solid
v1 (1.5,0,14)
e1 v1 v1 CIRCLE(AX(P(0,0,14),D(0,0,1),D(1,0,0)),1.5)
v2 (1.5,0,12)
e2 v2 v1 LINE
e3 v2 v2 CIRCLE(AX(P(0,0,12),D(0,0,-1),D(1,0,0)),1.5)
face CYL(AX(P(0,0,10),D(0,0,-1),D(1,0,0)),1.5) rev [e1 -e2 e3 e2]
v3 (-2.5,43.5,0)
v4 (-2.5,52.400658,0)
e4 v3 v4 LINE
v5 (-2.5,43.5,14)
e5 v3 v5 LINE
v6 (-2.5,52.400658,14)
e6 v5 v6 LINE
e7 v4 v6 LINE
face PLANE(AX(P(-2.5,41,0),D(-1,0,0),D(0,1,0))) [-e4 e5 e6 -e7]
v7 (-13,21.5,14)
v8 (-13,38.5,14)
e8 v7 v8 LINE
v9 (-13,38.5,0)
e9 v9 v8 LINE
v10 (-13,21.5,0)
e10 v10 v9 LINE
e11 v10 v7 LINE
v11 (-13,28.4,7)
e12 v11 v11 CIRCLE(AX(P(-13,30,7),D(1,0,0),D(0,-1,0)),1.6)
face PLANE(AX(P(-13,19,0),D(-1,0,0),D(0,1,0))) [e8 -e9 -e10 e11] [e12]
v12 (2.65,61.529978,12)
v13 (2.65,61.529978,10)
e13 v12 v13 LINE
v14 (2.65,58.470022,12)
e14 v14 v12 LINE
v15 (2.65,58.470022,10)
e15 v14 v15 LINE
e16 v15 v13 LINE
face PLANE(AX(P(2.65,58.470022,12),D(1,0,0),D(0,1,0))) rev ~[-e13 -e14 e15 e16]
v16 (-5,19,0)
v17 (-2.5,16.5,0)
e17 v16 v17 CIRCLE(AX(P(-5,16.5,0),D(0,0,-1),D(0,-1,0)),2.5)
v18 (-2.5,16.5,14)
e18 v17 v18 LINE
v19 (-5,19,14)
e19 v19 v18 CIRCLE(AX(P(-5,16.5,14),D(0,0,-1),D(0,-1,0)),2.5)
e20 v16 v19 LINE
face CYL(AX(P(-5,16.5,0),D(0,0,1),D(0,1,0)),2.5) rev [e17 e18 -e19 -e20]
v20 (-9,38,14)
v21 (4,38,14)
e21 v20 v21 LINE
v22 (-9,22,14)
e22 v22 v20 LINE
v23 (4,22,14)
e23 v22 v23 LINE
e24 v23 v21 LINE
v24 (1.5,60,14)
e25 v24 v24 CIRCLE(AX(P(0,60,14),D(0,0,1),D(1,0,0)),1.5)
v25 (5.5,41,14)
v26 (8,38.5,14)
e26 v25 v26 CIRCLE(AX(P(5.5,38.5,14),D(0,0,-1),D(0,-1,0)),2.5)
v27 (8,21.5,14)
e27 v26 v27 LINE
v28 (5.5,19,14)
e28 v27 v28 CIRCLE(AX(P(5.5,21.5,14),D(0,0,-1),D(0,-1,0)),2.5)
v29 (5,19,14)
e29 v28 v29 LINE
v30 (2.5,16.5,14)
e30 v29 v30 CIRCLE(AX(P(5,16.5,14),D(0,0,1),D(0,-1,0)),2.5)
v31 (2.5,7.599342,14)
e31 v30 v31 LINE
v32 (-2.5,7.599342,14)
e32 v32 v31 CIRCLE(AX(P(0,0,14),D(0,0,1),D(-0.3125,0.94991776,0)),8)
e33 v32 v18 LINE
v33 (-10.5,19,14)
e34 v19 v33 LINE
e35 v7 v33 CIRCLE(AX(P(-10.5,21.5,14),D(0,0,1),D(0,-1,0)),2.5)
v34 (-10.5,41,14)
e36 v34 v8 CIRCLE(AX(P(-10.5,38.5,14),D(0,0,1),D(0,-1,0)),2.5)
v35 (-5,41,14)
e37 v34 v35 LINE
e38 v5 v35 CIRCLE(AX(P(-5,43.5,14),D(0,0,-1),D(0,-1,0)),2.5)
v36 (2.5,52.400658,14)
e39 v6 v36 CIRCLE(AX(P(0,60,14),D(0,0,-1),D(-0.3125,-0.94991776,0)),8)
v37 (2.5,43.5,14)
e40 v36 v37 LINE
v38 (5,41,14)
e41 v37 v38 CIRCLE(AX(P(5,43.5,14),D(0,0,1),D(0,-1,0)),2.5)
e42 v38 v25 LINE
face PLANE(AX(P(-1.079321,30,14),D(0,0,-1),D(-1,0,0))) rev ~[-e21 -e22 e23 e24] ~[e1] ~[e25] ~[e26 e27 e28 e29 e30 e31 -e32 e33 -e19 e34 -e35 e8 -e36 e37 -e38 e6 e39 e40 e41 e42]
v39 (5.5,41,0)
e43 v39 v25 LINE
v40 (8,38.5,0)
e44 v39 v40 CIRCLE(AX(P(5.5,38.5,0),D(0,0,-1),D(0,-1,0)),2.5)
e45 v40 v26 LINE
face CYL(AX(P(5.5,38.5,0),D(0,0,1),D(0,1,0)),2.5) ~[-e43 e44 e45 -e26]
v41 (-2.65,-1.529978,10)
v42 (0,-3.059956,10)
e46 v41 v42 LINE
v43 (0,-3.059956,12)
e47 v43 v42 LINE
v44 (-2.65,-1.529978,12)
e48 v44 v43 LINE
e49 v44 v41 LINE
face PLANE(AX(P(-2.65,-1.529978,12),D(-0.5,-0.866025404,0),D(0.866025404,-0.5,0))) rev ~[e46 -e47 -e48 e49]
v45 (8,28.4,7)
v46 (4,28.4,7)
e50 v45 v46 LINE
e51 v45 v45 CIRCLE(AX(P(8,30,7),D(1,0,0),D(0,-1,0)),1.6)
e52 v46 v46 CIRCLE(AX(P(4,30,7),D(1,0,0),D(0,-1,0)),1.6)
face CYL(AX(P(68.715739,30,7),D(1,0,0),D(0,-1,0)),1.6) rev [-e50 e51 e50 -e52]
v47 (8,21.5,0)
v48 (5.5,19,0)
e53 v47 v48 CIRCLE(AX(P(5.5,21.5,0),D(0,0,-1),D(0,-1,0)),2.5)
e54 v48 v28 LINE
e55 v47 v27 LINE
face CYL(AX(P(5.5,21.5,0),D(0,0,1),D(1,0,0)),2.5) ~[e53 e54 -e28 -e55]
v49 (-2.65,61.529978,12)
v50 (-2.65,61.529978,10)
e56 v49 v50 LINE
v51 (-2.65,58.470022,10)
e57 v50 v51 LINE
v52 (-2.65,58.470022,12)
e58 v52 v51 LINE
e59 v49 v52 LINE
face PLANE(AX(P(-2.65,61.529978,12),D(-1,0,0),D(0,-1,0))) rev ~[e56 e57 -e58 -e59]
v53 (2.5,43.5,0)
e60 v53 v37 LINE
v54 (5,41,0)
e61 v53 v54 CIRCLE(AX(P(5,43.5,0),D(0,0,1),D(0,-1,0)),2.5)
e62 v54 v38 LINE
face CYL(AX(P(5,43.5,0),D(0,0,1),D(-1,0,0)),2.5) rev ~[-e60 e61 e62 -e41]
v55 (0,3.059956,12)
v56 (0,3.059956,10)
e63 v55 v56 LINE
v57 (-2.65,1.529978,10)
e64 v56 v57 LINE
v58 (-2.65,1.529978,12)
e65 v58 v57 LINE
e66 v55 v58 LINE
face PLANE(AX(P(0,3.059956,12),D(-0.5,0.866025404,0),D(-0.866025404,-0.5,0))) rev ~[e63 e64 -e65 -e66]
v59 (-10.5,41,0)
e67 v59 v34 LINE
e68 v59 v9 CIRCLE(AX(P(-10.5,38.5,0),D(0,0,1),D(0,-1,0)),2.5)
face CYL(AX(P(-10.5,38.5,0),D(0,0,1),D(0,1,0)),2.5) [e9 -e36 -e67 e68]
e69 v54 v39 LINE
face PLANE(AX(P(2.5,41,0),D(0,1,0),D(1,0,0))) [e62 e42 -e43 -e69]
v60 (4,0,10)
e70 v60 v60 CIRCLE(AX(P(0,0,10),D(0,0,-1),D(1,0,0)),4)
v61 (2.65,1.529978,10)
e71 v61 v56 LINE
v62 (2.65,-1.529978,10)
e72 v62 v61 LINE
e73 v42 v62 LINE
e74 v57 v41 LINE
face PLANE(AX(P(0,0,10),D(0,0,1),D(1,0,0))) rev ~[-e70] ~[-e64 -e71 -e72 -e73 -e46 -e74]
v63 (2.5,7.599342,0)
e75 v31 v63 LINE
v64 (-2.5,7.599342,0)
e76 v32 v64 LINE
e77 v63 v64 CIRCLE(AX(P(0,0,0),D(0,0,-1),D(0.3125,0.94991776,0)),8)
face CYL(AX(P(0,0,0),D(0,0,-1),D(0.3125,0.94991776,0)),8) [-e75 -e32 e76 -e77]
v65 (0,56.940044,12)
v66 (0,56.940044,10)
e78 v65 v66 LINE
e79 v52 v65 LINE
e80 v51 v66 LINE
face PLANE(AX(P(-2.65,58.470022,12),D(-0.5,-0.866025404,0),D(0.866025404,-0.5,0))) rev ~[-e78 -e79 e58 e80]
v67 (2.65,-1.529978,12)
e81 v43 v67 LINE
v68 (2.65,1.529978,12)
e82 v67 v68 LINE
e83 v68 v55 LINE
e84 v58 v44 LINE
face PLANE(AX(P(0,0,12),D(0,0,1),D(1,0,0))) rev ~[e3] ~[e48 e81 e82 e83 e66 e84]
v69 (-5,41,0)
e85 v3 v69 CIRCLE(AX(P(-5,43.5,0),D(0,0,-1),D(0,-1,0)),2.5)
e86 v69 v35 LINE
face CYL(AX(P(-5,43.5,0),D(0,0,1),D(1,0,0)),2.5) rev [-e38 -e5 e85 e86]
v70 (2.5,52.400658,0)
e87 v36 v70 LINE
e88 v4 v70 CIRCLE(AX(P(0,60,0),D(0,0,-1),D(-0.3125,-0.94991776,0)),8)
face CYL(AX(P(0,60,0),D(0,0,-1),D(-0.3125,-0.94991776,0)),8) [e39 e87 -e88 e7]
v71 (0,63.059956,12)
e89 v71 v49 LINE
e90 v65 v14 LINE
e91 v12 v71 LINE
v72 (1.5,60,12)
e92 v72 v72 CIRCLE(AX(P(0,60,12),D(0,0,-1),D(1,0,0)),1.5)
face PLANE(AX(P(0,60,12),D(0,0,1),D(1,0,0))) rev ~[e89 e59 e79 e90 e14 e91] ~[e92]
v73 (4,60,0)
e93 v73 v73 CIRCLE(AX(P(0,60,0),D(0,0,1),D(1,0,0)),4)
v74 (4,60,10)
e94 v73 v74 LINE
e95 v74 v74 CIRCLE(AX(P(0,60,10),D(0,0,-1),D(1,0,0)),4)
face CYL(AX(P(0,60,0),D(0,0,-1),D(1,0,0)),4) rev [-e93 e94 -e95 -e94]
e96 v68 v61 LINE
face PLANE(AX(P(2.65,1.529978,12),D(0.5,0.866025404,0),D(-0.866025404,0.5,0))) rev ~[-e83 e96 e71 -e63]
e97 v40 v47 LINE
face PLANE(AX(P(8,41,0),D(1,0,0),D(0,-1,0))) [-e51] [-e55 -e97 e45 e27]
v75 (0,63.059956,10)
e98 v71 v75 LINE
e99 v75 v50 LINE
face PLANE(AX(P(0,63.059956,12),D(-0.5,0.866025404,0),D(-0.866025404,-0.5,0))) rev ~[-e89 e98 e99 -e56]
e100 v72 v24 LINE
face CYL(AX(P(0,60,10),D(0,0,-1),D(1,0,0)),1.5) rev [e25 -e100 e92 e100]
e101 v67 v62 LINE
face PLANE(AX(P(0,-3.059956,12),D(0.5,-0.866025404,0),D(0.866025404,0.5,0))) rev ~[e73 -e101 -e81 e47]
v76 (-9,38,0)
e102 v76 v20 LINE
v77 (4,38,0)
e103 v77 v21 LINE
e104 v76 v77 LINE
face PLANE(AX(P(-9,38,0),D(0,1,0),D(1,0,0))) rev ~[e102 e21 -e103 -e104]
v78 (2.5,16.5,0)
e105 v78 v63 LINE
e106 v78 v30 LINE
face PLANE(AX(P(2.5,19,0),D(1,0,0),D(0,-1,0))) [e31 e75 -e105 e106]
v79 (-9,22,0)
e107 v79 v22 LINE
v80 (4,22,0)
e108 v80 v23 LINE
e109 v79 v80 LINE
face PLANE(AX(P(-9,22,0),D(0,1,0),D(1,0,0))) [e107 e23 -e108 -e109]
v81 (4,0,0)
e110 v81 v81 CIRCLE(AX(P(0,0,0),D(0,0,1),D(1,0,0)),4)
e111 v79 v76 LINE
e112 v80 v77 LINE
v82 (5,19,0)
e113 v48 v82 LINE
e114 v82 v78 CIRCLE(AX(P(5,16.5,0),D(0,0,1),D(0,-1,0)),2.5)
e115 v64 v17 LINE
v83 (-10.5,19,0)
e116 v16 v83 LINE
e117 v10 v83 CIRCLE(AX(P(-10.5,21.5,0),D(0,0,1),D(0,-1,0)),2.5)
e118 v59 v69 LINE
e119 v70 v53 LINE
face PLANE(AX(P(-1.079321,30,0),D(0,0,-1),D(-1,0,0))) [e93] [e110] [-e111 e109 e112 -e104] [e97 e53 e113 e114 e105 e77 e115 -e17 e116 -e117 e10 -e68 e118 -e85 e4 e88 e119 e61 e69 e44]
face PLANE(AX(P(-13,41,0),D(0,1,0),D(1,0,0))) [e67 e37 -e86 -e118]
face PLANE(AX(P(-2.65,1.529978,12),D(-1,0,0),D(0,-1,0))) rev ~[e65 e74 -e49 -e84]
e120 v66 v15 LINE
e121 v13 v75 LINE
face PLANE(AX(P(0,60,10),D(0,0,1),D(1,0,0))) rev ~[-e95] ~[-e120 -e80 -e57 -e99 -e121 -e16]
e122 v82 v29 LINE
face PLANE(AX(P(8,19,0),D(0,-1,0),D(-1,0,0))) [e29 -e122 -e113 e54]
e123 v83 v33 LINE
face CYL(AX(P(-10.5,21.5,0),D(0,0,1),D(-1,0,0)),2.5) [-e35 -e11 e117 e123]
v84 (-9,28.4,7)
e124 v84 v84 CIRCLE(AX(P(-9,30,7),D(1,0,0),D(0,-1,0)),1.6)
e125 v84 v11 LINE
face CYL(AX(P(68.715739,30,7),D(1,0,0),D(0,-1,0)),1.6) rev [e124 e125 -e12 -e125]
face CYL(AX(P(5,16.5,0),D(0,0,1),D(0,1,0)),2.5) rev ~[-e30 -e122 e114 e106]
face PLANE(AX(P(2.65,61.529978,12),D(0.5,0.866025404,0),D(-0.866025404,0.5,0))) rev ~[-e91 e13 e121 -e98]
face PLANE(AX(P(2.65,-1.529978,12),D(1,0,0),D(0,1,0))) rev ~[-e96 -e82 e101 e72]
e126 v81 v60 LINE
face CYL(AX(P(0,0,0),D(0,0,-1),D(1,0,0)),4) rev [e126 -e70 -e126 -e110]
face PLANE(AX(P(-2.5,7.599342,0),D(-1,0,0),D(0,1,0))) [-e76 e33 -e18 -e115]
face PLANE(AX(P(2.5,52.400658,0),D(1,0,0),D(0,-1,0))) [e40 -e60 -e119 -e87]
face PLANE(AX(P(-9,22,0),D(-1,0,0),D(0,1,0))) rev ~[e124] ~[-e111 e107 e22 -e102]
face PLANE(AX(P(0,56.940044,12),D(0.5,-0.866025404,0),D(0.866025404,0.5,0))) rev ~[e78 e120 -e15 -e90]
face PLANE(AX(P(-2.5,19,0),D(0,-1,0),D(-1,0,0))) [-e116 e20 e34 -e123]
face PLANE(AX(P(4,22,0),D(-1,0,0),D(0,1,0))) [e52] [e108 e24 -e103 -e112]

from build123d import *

# Parameters (mm, degrees)
ESBO_O1_R                  = 4
ESBO_O1_W                  = 13
ESBO_O1_H                  = 16
RESSALTO_EXTRUS_O1_DEPTH   = 14
RESSALTO_EXTRUS_O2_START   = -4
ESBO_O3_R                  = 8
ESBO_O3_R_2                = 1.5
RESSALTO_EXTRUS_O2_DEPTH   = 4
CORTE_EXTRUS_O1_DEPTH      = 71.215738976
CORTE_EXTRUS_O1_DEPTH_BACK = 71.215738976
ESBO_O2_R                  = 1.6
CORTE_EXTRUS_O2_START      = 2
CORTE_EXTRUS_O2_DEPTH      = 2
FILETE1_R                  = 2.5


with BuildPart() as part:
    # Esboço1 → Ressalto-extrusão1 (new body)
    with BuildSketch(Plane.XY):
        with BuildLine():
            Line((2.5, 52.400657923), (2.5, 41))
            Line((2.5, 41), (8, 41))
            Line((8, 41), (8, 19))
            Line((8, 19), (2.5, 19))
            Line((2.5, 19), (2.5, 7.599342077))
            ThreePointArc((2.5, 7.599342077), (0, -8), (-2.5, 7.599342077))
            Line((-2.5, 7.599342077), (-2.5, 19))
            Line((-2.5, 19), (-13, 19))
            Line((-13, 19), (-13, 41))
            Line((-13, 41), (-2.5, 41))
            Line((-2.5, 41), (-2.5, 52.400657923))
            ThreePointArc((-2.5, 52.400657923), (0, 68), (2.5, 52.400657923))
        make_face()
        with Locations((0, 60)):
            Circle(ESBO_O1_R, mode=Mode.SUBTRACT)
        Circle(ESBO_O1_R, mode=Mode.SUBTRACT)
        with Locations((-2.5, 30)):
            Rectangle(ESBO_O1_W, ESBO_O1_H, mode=Mode.SUBTRACT)
    extrude(amount=RESSALTO_EXTRUS_O1_DEPTH)

    # Esboço3 → Ressalto-extrusão2 (add)
    # profile 1 of 2: a face of its own
    with BuildSketch(Plane.XY.offset(14).offset(RESSALTO_EXTRUS_O2_START)):
        with Locations((0, 60)):
            Circle(ESBO_O3_R)
        with Locations((0, 60)):
            Circle(ESBO_O3_R_2, mode=Mode.SUBTRACT)
    # profile 2 of 2: a face of its own
    with BuildSketch(Plane.XY.offset(14).offset(RESSALTO_EXTRUS_O2_START)):
        Circle(ESBO_O3_R)
        Circle(ESBO_O3_R_2, mode=Mode.SUBTRACT)
    extrude(amount=RESSALTO_EXTRUS_O2_DEPTH)

    # Esboço2 → Corte-extrusão1 (cut, two sides: drawn at the far end of the back side and taken through both)
    with BuildSketch(Plane.ZY.offset(2.5).offset(-CORTE_EXTRUS_O1_DEPTH_BACK)):
        with Locations(Location((7, 30, 0), (0, 0, 270))):
            Circle(ESBO_O2_R)
    extrude(amount=CORTE_EXTRUS_O1_DEPTH + CORTE_EXTRUS_O1_DEPTH_BACK, mode=Mode.SUBTRACT)

    # Esboço4 → Corte-extrusão2 (cut)
    with BuildSketch(Plane.XY.offset(10).offset(CORTE_EXTRUS_O2_START)):
        Polygon((0, 56.940043573), (2.65, 58.470021787), (2.65, 61.529978213), (0, 63.059956427), (-2.65, 61.529978213), (-2.65, 58.470021787), align=None)
        Polygon((0, -3.059956427), (2.65, -1.529978213), (2.65, 1.529978213), (0, 3.059956427), (-2.65, 1.529978213), (-2.65, -1.529978213), align=None)
    extrude(amount=-CORTE_EXTRUS_O2_DEPTH, mode=Mode.SUBTRACT)

    # Filete1
    filete1_edges = [part.edges().sort_by_distance(p)[0] for p in [
        (-2.5, 19, 7),
        (-13, 19, 7),
        (-13, 41, 7),
        (-2.5, 41, 7),
        (2.5, 41, 7),
        (8, 41, 7),
        (8, 19, 7),
        (2.5, 19, 7),
    ]]
    fillet(filete1_edges, radius=FILETE1_R)


solid = part.part
